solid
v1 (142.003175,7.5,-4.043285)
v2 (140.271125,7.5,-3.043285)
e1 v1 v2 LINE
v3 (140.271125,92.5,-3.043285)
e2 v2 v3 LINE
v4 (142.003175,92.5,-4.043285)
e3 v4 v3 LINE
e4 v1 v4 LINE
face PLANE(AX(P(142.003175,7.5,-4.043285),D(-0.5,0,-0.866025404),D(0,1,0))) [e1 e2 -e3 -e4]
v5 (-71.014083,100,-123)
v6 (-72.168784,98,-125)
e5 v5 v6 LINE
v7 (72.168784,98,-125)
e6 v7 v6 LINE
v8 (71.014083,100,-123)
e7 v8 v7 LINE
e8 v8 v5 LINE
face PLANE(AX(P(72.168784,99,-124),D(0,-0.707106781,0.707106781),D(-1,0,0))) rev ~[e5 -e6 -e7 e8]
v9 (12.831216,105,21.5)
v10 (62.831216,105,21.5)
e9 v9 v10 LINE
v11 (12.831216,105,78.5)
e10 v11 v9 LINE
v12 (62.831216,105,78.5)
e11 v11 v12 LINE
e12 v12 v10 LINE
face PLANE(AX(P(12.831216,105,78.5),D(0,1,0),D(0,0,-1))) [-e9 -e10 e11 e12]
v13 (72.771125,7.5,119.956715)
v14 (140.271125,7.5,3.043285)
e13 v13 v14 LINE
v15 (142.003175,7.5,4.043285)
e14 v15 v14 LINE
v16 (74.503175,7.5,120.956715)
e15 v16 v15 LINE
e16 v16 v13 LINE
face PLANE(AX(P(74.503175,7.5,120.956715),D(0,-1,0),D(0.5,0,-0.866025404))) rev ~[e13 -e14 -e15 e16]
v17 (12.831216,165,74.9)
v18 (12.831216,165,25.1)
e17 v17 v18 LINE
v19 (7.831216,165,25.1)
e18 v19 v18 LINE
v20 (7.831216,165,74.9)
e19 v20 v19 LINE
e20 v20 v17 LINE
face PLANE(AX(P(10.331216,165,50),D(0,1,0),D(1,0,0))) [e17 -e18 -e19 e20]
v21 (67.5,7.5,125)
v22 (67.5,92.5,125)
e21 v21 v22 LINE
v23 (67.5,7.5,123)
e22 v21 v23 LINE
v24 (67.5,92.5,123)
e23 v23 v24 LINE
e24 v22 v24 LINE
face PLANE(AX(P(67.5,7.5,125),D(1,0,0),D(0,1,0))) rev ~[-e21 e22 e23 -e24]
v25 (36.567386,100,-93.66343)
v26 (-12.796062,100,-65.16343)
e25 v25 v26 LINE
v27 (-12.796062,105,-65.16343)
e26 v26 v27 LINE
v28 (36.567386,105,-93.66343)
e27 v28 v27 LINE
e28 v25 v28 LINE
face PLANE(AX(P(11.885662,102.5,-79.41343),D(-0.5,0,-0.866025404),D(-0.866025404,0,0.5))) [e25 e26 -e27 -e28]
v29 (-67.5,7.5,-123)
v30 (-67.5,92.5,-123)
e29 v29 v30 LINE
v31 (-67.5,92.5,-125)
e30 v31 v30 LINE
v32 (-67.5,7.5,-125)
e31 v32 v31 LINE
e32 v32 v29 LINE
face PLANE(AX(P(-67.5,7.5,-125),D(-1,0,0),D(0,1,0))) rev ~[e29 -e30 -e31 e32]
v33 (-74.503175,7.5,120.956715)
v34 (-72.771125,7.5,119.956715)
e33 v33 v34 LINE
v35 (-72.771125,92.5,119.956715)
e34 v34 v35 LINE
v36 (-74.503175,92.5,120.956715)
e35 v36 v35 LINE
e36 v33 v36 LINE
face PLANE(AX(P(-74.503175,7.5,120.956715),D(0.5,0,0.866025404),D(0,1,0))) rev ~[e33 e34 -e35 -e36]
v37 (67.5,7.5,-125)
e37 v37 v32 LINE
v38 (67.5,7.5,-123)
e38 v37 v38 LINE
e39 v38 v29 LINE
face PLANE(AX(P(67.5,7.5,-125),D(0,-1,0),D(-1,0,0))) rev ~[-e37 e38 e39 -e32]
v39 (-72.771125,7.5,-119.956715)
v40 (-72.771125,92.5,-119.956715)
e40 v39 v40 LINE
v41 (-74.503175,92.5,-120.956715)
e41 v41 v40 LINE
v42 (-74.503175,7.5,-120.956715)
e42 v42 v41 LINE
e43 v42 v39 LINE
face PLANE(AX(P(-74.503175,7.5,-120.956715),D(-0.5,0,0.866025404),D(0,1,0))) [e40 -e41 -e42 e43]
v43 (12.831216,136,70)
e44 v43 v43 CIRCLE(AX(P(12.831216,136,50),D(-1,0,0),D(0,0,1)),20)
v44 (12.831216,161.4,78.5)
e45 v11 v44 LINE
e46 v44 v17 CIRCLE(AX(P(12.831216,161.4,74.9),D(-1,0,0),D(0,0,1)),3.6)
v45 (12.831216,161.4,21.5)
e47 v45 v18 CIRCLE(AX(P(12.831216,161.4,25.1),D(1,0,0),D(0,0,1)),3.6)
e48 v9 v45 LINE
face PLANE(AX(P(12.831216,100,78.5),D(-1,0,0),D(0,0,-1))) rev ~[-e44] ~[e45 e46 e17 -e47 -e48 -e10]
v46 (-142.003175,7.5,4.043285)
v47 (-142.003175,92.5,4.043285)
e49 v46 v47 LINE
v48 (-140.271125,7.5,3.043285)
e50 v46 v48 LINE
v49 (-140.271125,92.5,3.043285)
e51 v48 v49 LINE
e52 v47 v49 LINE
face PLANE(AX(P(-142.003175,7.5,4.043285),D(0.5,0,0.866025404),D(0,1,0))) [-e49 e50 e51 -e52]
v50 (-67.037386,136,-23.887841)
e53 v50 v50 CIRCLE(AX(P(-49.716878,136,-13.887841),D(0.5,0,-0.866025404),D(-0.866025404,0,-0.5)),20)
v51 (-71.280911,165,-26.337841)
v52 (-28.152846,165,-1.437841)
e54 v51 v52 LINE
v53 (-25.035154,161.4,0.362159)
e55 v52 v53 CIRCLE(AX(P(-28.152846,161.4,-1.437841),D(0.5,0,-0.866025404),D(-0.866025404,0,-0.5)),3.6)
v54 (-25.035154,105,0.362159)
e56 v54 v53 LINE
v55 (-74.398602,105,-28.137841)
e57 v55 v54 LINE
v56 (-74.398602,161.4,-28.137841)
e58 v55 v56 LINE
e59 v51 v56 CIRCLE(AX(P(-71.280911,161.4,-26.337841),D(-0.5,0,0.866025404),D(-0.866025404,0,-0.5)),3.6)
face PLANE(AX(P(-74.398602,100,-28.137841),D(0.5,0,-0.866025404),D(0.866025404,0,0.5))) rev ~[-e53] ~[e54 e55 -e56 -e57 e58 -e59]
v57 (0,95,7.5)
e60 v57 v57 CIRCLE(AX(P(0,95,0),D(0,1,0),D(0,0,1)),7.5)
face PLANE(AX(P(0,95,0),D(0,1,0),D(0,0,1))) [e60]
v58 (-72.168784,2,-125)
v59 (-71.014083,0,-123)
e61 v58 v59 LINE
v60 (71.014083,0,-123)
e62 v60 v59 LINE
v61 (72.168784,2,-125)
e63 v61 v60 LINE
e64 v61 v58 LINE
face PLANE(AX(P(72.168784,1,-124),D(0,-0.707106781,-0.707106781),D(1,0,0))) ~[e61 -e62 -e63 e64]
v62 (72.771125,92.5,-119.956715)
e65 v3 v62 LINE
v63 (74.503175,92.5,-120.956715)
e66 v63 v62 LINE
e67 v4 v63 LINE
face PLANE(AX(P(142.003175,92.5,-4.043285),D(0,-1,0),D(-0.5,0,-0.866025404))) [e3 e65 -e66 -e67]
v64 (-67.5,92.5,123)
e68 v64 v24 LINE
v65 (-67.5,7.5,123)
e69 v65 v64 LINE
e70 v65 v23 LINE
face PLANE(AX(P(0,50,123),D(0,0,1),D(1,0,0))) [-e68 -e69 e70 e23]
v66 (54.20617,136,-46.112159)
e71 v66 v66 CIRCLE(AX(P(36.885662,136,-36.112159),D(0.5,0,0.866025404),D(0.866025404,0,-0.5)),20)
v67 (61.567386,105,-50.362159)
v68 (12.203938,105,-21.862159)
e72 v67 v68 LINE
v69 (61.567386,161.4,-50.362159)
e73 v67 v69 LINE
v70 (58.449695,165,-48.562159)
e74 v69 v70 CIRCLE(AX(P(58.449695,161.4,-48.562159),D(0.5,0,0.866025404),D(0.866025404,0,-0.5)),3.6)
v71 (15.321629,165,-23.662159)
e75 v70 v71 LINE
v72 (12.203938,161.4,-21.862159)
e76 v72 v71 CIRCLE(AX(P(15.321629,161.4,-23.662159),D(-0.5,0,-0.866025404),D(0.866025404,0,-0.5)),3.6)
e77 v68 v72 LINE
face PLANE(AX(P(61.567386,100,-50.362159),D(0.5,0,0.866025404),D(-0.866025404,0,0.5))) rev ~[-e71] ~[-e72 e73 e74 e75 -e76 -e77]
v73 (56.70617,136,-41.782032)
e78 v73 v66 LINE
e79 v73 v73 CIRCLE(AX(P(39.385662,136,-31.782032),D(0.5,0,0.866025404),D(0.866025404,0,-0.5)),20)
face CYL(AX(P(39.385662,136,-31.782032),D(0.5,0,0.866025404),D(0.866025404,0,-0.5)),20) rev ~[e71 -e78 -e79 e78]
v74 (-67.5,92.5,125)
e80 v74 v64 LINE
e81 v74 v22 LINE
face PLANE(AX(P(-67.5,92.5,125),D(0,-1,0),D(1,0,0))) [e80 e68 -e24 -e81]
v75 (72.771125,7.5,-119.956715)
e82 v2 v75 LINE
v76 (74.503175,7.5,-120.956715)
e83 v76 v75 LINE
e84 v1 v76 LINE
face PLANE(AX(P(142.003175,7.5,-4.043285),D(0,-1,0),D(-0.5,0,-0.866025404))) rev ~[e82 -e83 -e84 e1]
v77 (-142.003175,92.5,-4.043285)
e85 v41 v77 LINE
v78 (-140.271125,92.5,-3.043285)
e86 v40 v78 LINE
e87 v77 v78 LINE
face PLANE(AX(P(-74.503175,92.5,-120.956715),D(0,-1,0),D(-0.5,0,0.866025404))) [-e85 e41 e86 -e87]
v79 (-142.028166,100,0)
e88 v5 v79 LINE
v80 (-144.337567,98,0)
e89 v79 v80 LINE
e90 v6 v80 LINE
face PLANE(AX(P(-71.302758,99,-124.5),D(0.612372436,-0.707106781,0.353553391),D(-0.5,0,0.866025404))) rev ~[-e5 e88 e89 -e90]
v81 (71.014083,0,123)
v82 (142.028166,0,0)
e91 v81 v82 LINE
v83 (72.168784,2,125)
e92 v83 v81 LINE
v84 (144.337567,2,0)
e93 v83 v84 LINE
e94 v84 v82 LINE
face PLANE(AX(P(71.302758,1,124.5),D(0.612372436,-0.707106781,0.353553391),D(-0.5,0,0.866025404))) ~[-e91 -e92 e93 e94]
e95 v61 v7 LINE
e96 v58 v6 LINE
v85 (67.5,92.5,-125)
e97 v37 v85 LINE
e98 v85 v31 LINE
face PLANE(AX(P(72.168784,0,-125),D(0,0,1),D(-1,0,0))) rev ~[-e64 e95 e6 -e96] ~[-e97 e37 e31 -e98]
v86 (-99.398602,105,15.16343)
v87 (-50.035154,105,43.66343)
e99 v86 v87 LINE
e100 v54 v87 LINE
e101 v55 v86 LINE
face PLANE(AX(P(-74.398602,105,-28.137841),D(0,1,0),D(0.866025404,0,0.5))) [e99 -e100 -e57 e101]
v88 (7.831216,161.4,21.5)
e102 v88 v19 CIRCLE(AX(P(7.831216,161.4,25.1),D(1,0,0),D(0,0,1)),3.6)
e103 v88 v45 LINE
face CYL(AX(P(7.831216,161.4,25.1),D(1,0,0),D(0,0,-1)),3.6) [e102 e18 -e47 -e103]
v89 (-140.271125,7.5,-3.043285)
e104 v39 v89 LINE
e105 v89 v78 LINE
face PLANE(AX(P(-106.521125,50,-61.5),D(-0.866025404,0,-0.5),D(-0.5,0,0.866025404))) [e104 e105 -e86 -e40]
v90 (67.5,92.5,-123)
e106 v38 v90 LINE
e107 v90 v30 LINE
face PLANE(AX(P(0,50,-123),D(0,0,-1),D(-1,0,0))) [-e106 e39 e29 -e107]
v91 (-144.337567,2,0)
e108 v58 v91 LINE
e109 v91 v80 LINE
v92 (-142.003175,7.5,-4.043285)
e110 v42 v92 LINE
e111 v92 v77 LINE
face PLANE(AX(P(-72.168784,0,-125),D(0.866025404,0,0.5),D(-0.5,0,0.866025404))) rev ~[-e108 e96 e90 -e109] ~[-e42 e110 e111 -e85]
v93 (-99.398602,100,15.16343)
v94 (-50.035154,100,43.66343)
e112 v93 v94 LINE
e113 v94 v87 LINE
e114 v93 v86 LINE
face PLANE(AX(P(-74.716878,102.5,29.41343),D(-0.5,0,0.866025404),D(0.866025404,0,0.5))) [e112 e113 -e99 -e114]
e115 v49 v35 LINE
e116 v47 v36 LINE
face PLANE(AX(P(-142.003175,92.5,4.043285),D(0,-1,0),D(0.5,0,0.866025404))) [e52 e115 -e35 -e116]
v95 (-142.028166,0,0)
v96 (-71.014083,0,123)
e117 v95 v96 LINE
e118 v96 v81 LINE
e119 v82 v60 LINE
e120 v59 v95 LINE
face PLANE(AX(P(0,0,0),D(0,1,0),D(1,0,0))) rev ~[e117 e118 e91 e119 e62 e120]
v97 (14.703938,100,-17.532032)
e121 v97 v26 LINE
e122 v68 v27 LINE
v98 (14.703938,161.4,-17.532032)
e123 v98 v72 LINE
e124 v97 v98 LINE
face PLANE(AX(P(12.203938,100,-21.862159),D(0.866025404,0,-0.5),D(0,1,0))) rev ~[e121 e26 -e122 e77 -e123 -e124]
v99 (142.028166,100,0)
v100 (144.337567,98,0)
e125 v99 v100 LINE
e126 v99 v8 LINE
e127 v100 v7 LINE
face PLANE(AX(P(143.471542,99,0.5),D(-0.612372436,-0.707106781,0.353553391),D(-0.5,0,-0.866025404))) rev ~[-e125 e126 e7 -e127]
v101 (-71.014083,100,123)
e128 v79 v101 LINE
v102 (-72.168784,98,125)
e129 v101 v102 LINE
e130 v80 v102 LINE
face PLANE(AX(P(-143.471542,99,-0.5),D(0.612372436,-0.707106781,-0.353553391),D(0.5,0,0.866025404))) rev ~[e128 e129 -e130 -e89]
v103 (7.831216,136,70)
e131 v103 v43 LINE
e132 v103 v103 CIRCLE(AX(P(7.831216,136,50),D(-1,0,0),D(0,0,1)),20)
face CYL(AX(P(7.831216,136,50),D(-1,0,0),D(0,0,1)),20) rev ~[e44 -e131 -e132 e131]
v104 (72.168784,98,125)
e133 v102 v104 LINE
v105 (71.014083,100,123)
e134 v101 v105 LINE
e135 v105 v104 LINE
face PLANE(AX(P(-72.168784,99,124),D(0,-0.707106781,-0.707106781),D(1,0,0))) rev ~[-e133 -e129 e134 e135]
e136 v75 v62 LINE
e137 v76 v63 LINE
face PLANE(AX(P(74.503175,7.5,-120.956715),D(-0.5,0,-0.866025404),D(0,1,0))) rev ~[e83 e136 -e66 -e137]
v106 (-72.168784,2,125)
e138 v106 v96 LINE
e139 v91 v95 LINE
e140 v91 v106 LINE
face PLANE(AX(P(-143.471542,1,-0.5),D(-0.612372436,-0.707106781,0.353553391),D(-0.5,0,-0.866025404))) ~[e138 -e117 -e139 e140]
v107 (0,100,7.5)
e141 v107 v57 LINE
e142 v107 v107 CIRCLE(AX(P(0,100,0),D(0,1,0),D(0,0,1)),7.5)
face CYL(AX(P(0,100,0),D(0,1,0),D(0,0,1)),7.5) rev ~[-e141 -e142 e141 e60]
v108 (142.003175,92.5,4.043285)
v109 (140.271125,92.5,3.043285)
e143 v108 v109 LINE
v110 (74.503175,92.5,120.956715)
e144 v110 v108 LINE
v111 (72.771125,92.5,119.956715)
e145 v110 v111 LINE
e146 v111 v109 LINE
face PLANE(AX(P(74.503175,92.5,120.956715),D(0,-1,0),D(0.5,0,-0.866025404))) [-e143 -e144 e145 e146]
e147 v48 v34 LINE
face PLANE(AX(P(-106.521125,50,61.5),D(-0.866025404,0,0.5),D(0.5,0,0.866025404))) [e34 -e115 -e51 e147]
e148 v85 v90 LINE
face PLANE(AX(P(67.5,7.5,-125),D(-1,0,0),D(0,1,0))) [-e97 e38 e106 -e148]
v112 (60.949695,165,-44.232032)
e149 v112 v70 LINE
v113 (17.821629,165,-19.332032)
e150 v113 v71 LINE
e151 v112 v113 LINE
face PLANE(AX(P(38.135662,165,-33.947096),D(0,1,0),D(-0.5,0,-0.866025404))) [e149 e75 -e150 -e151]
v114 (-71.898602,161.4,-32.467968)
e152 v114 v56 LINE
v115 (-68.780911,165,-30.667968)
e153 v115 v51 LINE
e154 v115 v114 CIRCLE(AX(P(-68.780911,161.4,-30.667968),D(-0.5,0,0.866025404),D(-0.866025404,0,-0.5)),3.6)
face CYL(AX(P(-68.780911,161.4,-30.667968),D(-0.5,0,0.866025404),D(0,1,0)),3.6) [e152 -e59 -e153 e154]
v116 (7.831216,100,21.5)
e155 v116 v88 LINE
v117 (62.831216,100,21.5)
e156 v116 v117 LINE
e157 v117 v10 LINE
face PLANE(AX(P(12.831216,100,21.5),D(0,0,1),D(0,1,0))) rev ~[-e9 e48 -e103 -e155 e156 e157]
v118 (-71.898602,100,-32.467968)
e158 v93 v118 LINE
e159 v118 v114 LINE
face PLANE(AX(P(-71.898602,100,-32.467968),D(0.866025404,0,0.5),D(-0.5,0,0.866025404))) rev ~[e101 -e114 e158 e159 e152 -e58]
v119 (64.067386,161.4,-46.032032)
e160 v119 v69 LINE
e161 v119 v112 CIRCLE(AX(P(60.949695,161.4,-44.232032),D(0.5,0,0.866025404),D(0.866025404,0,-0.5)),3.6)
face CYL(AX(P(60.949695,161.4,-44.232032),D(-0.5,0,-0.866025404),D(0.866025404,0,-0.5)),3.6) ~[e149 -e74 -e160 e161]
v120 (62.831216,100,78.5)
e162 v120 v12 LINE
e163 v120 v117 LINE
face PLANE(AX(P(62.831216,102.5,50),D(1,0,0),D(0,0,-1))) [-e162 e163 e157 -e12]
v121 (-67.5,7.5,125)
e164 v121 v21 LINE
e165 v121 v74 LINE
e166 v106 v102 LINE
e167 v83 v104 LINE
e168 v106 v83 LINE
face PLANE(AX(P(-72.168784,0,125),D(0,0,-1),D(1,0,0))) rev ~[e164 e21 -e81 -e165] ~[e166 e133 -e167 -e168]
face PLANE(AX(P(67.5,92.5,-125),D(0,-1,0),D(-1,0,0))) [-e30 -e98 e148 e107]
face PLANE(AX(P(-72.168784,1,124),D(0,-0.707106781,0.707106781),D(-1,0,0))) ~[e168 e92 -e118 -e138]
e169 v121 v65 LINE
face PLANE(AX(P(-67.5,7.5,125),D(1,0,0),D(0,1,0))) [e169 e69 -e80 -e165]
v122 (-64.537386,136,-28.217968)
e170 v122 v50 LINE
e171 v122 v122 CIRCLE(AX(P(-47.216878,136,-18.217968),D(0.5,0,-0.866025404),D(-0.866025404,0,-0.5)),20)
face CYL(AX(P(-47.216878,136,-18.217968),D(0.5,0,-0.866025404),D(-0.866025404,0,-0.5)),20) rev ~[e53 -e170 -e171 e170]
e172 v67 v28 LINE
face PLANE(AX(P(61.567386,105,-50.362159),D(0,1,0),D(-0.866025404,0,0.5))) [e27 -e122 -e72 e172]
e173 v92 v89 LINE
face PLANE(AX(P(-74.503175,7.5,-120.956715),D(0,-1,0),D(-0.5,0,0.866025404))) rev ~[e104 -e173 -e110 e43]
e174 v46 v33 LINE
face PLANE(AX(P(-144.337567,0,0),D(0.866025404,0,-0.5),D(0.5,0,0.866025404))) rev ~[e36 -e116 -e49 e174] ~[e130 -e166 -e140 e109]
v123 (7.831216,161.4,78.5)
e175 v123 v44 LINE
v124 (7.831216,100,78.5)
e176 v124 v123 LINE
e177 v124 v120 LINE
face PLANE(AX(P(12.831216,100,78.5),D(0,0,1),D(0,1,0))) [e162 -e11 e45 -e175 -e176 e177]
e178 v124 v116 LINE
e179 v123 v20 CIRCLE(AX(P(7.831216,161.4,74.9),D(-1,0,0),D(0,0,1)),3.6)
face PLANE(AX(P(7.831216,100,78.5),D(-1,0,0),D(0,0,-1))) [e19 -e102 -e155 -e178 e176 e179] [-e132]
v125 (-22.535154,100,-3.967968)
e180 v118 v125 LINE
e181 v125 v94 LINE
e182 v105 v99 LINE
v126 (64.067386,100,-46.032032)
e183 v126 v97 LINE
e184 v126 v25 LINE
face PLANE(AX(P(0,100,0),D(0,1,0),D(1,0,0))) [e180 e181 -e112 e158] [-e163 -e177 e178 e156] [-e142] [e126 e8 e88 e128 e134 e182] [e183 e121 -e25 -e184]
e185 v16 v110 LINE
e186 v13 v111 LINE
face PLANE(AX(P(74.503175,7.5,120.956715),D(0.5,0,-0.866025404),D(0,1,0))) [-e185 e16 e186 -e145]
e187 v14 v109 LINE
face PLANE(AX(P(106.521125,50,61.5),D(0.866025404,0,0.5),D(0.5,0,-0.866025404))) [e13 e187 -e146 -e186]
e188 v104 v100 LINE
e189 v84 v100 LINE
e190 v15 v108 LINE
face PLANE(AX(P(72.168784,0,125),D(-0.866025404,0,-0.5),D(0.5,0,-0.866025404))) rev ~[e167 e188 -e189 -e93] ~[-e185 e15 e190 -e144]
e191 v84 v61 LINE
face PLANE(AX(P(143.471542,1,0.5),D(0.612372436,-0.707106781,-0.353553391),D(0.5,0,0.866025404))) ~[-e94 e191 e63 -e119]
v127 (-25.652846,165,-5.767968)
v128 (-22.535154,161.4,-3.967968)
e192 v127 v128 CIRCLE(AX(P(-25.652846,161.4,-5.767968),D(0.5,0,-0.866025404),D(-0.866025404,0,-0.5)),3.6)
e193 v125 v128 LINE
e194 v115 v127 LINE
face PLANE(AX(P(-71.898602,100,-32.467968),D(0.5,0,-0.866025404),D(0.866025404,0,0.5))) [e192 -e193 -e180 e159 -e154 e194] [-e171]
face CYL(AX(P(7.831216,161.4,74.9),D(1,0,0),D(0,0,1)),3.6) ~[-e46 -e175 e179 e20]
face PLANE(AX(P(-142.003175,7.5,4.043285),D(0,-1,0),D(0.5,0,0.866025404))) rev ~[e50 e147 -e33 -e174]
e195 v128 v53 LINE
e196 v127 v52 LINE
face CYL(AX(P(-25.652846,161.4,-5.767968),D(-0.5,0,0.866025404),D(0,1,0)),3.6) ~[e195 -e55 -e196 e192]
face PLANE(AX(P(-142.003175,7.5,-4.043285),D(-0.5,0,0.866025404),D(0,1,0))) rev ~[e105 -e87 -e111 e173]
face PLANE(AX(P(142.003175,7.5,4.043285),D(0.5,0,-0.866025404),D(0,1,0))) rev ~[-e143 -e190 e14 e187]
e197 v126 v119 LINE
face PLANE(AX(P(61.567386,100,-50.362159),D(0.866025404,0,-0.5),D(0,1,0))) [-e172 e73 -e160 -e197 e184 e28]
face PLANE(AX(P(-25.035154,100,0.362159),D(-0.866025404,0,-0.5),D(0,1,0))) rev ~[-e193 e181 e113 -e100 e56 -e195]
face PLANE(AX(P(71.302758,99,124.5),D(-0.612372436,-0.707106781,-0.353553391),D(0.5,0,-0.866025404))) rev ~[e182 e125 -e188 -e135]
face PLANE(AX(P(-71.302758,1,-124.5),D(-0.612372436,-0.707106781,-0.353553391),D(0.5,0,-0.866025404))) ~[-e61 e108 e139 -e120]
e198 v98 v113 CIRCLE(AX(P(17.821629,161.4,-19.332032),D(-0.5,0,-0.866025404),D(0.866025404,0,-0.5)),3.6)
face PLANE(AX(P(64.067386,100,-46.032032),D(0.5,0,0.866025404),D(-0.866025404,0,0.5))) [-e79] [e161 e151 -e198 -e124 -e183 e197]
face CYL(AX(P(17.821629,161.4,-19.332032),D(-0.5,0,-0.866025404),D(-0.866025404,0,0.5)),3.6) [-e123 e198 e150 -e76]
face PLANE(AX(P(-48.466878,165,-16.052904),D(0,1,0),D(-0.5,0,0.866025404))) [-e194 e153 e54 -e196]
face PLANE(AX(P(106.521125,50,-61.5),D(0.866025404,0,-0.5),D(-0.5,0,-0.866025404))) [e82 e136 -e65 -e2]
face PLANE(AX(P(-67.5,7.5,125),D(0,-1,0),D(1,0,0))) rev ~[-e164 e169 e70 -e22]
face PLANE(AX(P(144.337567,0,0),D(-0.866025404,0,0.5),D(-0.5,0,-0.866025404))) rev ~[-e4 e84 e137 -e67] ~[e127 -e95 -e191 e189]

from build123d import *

# Parameters (mm, degrees)
BOSS_EXTRUDE1_DEPTH      = 100
SKETCH2_W                = 5
SKETCH2_H                = 57
BOSS_EXTRUDE2_DEPTH      = 65
SKETCH3_R                = 20
CUT_EXTRUDE1_DEPTH       = 257.915041827
SKETCH7_W                = 57
SKETCH7_H                = 5
BOSS_EXTRUDE3_DEPTH      = 50
FILLET1_R                = 3.6
SKETCH6_W                = 135
SKETCH6_H                = 85
CUT_EXTRUDE2_DEPTH       = 2
CIRPATTERN1_COUNT        = 3
FILLET1_OF_CIRPATTERN1_R = 3.6
CIRPATTERN2_COUNT        = 6
CHAMFER1_SIZE            = 2
SKETCH8_R                = 7.5
CUT_EXTRUDE3_DEPTH       = 5


with BuildPart() as part:
    # Sketch1 → Boss-Extrude1 (new body)
    with BuildSketch(Plane(origin=(0, 0, 0), x_dir=(1, 0, 0), z_dir=(0, 1, 0))):
        Polygon((72.168783649, 125), (-72.168783649, 125), (-144.337567297, 0), (-72.168783649, -125), (72.168783649, -125), (144.337567297, 0), align=None)
    extrude(amount=BOSS_EXTRUDE1_DEPTH)

    # Sketch2 → Boss-Extrude2 (add)
    with BuildSketch(Plane(origin=(0, 100, 0), x_dir=(1, 0, 0), z_dir=(0, 1, 0))):
        with Locations((10.331216351, -50)):
            Rectangle(SKETCH2_W, SKETCH2_H)
    boss_extrude2 = extrude(amount=BOSS_EXTRUDE2_DEPTH)

    # Sketch3 → Cut-Extrude1 (cut, through all)
    with BuildSketch(Plane.ZY.offset(-7.831216351)):
        with Locations((50, 136)):
            Circle(SKETCH3_R)
    cut_extrude1 = extrude(amount=-CUT_EXTRUDE1_DEPTH, mode=Mode.SUBTRACT)

    # Sketch7 → Boss-Extrude3 (add)
    with BuildSketch(Plane(origin=(12.831216351, 0, 0), x_dir=(0, 0, -1), z_dir=(1, 0, 0))):
        with Locations((-50, 102.5)):
            Rectangle(SKETCH7_W, SKETCH7_H)
    boss_extrude3 = extrude(amount=BOSS_EXTRUDE3_DEPTH)

    # Fillet1
    fillet1_edges = [part.edges().sort_by_distance(p)[0] for p in [
        (10.331216351, 165, 21.5),
        (10.331216351, 165, 78.5),
    ]]
    fillet(fillet1_edges, radius=FILLET1_R)

    # Sketch6 → Cut-Extrude2 (cut)
    with BuildSketch(Plane.XY.offset(125)):
        with Locations((0, 50)):
            Rectangle(SKETCH6_W, SKETCH6_H)
    cut_extrude2 = extrude(amount=-CUT_EXTRUDE2_DEPTH, mode=Mode.SUBTRACT)

    # CirPattern1: Boss-Extrude2, Cut-Extrude1, Boss-Extrude3 ×3 about axis
    cirpattern1_axis = Axis((0, 0, 0), (0, 1, 0))
    add([boss_extrude2.rotate(cirpattern1_axis, i * 360 / CIRPATTERN1_COUNT) for i in range(1, CIRPATTERN1_COUNT)])
    add([cut_extrude1.rotate(cirpattern1_axis, i * 360 / CIRPATTERN1_COUNT) for i in range(1, CIRPATTERN1_COUNT)], mode=Mode.SUBTRACT)
    add([boss_extrude3.rotate(cirpattern1_axis, i * 360 / CIRPATTERN1_COUNT) for i in range(1, CIRPATTERN1_COUNT)])

    # Fillet1 of CirPattern1
    fillet1_of_cirpattern1_edges = [part.edges().sort_by_distance(p)[0] for p in [
        (13.453938006, 165, -19.697095812),
        (62.817386021, 165, -48.197095812),
        (-23.785154357, 165, -1.802904188),
        (-73.148602373, 165, -30.302904188),
    ]]
    fillet(fillet1_of_cirpattern1_edges, radius=FILLET1_OF_CIRPATTERN1_R)

    # CirPattern2: Cut-Extrude2 ×6 about axis
    cirpattern2_axis = Axis((0, 0, 0), (0, 1, 0))
    for i in range(1, CIRPATTERN2_COUNT):
        add(cut_extrude2.rotate(cirpattern2_axis, i * 360 / CIRPATTERN2_COUNT), mode=Mode.SUBTRACT)

    # Chamfer1
    chamfer1_edges = [part.edges().sort_by_distance(p)[0] for p in [
        (108.253175473, 0, -62.5),
        (0, 0, -125),
        (-108.253175473, 0, -62.5),
        (-108.253175473, 0, 62.5),
        (108.253175473, 0, 62.5),
        (0, 0, 125),
        (-108.253175473, 100, 62.5),
        (-108.253175473, 100, -62.5),
        (0, 100, -125),
        (108.253175473, 100, -62.5),
        (108.253175473, 100, 62.5),
        (0, 100, 125),
    ]]
    chamfer(chamfer1_edges, length=CHAMFER1_SIZE)

    # Sketch8 → Cut-Extrude3 (cut)
    with BuildSketch(Plane(origin=(0, 100, 0), x_dir=(1, 0, 0), z_dir=(0, 1, 0))):
        Circle(SKETCH8_R)
    extrude(amount=-CUT_EXTRUDE3_DEPTH, mode=Mode.SUBTRACT)


solid = part.part
